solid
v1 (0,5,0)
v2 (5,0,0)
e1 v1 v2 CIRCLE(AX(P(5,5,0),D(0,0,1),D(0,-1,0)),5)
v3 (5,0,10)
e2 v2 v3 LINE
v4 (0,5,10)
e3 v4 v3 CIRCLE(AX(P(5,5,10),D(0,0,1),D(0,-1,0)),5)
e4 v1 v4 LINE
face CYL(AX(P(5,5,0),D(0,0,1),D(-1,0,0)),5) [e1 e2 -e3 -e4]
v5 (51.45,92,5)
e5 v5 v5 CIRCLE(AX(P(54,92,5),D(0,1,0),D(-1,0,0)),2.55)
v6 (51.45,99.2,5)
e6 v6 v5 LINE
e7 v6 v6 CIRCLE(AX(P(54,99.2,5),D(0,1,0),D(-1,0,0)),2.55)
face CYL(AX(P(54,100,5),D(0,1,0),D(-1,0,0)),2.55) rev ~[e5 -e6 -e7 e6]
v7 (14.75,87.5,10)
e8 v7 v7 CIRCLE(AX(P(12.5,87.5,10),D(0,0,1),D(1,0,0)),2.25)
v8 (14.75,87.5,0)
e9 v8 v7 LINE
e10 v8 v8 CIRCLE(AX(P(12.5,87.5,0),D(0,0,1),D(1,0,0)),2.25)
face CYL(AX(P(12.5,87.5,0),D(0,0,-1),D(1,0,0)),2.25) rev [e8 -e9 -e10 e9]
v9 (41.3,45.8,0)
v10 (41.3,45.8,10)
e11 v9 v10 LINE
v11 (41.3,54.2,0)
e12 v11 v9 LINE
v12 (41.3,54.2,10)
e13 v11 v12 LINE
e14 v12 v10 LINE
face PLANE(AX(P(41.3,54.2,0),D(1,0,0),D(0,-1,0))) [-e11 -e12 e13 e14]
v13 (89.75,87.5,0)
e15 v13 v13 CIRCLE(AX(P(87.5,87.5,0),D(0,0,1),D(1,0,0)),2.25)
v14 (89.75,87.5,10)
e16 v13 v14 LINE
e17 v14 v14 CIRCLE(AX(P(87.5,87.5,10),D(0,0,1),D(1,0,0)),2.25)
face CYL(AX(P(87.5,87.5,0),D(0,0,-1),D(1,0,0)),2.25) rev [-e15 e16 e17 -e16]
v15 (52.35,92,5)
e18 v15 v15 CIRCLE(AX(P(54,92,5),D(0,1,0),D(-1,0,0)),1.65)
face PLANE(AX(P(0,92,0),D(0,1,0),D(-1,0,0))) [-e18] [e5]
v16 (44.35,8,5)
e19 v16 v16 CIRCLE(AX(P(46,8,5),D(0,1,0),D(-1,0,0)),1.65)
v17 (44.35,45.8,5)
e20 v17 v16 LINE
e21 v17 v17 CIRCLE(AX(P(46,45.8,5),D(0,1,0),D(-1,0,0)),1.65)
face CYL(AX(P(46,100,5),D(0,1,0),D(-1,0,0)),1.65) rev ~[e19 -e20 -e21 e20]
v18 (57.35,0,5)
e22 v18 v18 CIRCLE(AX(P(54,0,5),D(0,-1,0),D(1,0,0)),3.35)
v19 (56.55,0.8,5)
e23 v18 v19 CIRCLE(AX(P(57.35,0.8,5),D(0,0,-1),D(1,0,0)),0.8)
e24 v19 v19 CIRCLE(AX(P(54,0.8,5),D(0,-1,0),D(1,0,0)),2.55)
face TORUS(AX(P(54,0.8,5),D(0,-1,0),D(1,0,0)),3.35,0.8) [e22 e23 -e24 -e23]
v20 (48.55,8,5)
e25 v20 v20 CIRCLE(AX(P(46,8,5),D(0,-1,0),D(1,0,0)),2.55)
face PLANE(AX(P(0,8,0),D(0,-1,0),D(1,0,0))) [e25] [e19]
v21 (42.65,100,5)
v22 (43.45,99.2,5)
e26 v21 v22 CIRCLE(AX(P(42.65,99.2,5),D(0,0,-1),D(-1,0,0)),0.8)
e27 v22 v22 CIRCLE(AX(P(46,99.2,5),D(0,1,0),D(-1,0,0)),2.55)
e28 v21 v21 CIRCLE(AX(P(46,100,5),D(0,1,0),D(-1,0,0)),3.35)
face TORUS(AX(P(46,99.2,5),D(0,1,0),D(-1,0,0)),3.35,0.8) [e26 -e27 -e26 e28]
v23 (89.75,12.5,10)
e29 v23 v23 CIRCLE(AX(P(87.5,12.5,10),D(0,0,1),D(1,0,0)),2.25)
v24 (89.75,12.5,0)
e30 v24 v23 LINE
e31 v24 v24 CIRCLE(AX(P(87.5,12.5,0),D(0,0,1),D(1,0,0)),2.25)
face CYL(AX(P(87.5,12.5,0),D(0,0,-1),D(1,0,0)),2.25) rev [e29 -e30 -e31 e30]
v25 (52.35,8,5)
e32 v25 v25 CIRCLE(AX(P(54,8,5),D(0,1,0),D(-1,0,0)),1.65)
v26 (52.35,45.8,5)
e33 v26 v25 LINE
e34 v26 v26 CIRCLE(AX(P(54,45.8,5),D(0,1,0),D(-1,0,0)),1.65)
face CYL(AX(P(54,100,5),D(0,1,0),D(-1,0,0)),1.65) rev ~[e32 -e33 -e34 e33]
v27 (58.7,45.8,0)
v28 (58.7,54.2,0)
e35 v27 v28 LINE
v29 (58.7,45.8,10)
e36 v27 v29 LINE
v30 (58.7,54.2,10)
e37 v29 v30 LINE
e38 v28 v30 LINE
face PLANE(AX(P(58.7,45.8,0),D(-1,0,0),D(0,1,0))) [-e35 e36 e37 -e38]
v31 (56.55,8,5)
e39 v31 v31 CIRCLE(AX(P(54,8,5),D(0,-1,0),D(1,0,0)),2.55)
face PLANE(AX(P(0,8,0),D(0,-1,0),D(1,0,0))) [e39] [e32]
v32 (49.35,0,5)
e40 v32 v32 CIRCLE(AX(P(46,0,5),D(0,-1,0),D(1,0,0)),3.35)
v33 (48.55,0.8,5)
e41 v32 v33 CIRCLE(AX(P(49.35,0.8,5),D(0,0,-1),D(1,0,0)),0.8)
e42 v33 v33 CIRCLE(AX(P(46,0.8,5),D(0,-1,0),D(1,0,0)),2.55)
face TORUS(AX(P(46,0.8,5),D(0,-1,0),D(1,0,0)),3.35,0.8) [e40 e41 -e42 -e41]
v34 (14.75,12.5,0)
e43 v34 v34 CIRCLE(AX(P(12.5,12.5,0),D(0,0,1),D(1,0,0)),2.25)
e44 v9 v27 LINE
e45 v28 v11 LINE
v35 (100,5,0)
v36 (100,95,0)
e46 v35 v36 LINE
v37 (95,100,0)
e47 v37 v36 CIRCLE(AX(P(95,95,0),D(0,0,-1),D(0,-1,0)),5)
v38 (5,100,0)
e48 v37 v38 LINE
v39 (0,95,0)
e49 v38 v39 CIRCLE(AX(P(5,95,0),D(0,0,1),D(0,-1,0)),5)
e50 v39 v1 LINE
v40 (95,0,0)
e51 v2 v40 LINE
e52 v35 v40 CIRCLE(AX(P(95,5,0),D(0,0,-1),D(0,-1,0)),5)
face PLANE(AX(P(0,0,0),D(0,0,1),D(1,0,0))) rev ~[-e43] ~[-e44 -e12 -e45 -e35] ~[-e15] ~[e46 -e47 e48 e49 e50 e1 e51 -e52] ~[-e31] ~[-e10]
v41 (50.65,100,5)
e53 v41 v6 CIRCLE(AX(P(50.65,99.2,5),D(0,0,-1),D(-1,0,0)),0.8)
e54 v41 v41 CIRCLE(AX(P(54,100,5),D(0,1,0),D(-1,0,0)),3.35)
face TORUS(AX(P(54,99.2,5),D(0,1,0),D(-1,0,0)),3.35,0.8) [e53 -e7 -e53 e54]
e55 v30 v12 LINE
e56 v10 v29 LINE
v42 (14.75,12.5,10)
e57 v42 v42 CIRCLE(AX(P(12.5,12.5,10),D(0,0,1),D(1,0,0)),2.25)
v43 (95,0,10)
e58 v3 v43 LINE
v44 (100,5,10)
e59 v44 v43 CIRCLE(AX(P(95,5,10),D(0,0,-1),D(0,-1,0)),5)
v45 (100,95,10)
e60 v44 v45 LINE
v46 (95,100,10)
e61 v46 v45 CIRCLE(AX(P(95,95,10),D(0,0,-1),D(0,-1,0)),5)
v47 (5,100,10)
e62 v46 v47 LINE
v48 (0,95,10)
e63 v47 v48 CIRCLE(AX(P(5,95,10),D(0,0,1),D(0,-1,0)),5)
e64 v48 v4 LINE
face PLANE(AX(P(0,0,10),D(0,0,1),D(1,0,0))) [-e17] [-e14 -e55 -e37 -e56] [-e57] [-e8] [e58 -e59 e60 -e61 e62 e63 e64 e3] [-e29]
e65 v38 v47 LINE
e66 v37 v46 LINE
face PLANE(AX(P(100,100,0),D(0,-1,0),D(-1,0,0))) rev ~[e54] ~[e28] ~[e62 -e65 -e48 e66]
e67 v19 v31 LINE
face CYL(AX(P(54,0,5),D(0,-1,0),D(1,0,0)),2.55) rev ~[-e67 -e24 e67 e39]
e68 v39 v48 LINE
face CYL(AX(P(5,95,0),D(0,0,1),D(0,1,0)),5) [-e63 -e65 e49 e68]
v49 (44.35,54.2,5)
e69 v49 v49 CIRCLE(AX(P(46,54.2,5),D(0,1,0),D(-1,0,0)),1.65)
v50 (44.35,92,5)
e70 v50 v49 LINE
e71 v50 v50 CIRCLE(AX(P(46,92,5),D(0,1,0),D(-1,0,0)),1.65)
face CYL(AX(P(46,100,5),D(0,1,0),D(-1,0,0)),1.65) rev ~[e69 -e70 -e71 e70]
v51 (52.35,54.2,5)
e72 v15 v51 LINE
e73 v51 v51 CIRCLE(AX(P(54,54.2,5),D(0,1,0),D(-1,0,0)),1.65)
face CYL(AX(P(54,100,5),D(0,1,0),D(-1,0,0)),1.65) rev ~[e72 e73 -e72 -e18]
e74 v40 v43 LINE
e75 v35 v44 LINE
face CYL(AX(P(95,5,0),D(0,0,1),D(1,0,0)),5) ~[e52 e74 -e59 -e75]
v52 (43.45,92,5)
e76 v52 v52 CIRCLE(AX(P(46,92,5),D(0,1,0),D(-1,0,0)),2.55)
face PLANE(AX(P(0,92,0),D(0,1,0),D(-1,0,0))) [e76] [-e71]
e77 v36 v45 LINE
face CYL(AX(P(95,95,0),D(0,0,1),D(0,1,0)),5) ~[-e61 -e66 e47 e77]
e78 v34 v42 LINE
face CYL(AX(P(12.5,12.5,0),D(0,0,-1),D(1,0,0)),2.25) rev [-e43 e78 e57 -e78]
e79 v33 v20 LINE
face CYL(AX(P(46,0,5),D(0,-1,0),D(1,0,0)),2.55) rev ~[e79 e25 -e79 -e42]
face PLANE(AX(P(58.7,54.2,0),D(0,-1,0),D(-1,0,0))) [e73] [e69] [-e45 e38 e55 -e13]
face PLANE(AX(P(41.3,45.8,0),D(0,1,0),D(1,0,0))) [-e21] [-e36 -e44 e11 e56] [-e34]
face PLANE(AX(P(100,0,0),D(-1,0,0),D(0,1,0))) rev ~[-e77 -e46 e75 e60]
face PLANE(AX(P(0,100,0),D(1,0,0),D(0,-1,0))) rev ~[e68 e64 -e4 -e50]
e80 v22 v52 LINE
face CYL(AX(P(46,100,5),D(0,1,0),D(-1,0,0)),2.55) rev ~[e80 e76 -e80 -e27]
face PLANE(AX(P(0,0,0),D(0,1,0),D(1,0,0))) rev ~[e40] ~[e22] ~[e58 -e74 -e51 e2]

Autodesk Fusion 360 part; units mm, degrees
sketch "Sketch1" plane through (0, 0, 0) normal (0, 0, 1) x (1, 0, 0)
  line L0 (0, 0) -> (100, 0)
  line L1 (100, 0) -> (100, 100)
  line L2 (100, 100) -> (0, 100)
  line L3 (0, 100) -> (0, 0)
  line L4 (12.5, 87.5) -> (87.5, 87.5) construction
  line L5 (87.5, 87.5) -> (87.5, 12.5) construction
  line L6 (87.5, 12.5) -> (12.5, 12.5) construction
  line L7 (12.5, 12.5) -> (12.5, 87.5) construction
  line L8 (87.5, 50) -> (12.5, 50) construction
  line L9 (50, 87.5) -> (50, 12.5) construction
  circle A0 centre (12.5, 87.5) radius 2.25
  circle A1 centre (87.5, 87.5) radius 2.25
  circle A2 centre (12.5, 12.5) radius 2.25
  circle A3 centre (87.5, 12.5) radius 2.25
  line L10 (41.3, 45.8) -> (58.7, 45.8)
  line L11 (58.7, 45.8) -> (58.7, 54.2)
  line L12 (58.7, 54.2) -> (41.3, 54.2)
  line L13 (41.3, 54.2) -> (41.3, 45.8)
  dimension "d1" = 100
  dimension "d3" = 75
  dimension "d4" = 4.5
  dimension "d5" = 17.4
  dimension "d6" = 8.4
extrude "Extrude1" add sketch "Sketch1" along normal blind 10
sketch "Sketch2" plane through (0, 100, 0) normal (0, 1, 0) x (-1, 0, 0)
  line L0 (-100, 0) -> (0, 0)
  line L1 (0, 0) -> (0, 10)
  line L2 (0, 10) -> (-100, 10)
  line L3 (-100, 10) -> (-100, 0)
  circle A0 centre (-54, 5) radius 1.65
  circle A1 centre (-46, 5) radius 1.65
  line L4 (-50, 10) -> (-50, 0) construction
  line L5 (-54, 5) -> (-46, 5) construction
  dimension "d11" = 8
  dimension "d14" = 3.3
extrude "Extrude2" cut sketch "Sketch2" against normal up to surface (100 mm away) contours A0 | A1
sketch "Sketch3" plane through (0, 100, 0) normal (0, 1, 0) x (-1, 0, 0)
  circle A0 centre (-54, 5) radius 1.65
  circle A1 centre (-46, 5) radius 1.65
  line L0 (-100, 0) -> (0, 0)
  line L1 (0, 0) -> (0, 10)
  line L2 (0, 10) -> (-100, 10)
  line L3 (-100, 10) -> (-100, 0)
  circle A2 centre (-54, 5) radius 2.55
  circle A3 centre (-46, 5) radius 2.55
  dimension "d15" = 5.1
extrude "Extrude3" cut sketch "Sketch3" against normal blind 8 contours A2 | A3
sketch "Sketch4" plane through (0, 0, 0) normal (0, -1, 0) x (1, 0, 0)
  circle A0 centre (54, 5) radius 1.65
  circle A1 centre (46, 5) radius 1.65
  line L0 (0, 0) -> (100, 0)
  line L1 (100, 0) -> (100, 10)
  line L2 (100, 10) -> (0, 10)
  line L3 (0, 10) -> (0, 0)
  circle A2 centre (46, 5) radius 2.55
  circle A3 centre (54, 5) radius 2.55
  dimension "d18" = 5.1
extrude "Extrude4" cut sketch "Sketch4" against normal blind 8 contours A2 | A3
fillet "Fillet1" radius 0.8 4 edges at (48.3774, 100, 5.9221) (56.3774, 100, 5.9221) (51.6226, 0, 5.9221) (43.6226, 0, 5.9221)
fillet "Fillet3" radius 5 4 edges at (100, 0, 5) (0, 0, 5) (100, 100, 5) (0, 100, 5)
